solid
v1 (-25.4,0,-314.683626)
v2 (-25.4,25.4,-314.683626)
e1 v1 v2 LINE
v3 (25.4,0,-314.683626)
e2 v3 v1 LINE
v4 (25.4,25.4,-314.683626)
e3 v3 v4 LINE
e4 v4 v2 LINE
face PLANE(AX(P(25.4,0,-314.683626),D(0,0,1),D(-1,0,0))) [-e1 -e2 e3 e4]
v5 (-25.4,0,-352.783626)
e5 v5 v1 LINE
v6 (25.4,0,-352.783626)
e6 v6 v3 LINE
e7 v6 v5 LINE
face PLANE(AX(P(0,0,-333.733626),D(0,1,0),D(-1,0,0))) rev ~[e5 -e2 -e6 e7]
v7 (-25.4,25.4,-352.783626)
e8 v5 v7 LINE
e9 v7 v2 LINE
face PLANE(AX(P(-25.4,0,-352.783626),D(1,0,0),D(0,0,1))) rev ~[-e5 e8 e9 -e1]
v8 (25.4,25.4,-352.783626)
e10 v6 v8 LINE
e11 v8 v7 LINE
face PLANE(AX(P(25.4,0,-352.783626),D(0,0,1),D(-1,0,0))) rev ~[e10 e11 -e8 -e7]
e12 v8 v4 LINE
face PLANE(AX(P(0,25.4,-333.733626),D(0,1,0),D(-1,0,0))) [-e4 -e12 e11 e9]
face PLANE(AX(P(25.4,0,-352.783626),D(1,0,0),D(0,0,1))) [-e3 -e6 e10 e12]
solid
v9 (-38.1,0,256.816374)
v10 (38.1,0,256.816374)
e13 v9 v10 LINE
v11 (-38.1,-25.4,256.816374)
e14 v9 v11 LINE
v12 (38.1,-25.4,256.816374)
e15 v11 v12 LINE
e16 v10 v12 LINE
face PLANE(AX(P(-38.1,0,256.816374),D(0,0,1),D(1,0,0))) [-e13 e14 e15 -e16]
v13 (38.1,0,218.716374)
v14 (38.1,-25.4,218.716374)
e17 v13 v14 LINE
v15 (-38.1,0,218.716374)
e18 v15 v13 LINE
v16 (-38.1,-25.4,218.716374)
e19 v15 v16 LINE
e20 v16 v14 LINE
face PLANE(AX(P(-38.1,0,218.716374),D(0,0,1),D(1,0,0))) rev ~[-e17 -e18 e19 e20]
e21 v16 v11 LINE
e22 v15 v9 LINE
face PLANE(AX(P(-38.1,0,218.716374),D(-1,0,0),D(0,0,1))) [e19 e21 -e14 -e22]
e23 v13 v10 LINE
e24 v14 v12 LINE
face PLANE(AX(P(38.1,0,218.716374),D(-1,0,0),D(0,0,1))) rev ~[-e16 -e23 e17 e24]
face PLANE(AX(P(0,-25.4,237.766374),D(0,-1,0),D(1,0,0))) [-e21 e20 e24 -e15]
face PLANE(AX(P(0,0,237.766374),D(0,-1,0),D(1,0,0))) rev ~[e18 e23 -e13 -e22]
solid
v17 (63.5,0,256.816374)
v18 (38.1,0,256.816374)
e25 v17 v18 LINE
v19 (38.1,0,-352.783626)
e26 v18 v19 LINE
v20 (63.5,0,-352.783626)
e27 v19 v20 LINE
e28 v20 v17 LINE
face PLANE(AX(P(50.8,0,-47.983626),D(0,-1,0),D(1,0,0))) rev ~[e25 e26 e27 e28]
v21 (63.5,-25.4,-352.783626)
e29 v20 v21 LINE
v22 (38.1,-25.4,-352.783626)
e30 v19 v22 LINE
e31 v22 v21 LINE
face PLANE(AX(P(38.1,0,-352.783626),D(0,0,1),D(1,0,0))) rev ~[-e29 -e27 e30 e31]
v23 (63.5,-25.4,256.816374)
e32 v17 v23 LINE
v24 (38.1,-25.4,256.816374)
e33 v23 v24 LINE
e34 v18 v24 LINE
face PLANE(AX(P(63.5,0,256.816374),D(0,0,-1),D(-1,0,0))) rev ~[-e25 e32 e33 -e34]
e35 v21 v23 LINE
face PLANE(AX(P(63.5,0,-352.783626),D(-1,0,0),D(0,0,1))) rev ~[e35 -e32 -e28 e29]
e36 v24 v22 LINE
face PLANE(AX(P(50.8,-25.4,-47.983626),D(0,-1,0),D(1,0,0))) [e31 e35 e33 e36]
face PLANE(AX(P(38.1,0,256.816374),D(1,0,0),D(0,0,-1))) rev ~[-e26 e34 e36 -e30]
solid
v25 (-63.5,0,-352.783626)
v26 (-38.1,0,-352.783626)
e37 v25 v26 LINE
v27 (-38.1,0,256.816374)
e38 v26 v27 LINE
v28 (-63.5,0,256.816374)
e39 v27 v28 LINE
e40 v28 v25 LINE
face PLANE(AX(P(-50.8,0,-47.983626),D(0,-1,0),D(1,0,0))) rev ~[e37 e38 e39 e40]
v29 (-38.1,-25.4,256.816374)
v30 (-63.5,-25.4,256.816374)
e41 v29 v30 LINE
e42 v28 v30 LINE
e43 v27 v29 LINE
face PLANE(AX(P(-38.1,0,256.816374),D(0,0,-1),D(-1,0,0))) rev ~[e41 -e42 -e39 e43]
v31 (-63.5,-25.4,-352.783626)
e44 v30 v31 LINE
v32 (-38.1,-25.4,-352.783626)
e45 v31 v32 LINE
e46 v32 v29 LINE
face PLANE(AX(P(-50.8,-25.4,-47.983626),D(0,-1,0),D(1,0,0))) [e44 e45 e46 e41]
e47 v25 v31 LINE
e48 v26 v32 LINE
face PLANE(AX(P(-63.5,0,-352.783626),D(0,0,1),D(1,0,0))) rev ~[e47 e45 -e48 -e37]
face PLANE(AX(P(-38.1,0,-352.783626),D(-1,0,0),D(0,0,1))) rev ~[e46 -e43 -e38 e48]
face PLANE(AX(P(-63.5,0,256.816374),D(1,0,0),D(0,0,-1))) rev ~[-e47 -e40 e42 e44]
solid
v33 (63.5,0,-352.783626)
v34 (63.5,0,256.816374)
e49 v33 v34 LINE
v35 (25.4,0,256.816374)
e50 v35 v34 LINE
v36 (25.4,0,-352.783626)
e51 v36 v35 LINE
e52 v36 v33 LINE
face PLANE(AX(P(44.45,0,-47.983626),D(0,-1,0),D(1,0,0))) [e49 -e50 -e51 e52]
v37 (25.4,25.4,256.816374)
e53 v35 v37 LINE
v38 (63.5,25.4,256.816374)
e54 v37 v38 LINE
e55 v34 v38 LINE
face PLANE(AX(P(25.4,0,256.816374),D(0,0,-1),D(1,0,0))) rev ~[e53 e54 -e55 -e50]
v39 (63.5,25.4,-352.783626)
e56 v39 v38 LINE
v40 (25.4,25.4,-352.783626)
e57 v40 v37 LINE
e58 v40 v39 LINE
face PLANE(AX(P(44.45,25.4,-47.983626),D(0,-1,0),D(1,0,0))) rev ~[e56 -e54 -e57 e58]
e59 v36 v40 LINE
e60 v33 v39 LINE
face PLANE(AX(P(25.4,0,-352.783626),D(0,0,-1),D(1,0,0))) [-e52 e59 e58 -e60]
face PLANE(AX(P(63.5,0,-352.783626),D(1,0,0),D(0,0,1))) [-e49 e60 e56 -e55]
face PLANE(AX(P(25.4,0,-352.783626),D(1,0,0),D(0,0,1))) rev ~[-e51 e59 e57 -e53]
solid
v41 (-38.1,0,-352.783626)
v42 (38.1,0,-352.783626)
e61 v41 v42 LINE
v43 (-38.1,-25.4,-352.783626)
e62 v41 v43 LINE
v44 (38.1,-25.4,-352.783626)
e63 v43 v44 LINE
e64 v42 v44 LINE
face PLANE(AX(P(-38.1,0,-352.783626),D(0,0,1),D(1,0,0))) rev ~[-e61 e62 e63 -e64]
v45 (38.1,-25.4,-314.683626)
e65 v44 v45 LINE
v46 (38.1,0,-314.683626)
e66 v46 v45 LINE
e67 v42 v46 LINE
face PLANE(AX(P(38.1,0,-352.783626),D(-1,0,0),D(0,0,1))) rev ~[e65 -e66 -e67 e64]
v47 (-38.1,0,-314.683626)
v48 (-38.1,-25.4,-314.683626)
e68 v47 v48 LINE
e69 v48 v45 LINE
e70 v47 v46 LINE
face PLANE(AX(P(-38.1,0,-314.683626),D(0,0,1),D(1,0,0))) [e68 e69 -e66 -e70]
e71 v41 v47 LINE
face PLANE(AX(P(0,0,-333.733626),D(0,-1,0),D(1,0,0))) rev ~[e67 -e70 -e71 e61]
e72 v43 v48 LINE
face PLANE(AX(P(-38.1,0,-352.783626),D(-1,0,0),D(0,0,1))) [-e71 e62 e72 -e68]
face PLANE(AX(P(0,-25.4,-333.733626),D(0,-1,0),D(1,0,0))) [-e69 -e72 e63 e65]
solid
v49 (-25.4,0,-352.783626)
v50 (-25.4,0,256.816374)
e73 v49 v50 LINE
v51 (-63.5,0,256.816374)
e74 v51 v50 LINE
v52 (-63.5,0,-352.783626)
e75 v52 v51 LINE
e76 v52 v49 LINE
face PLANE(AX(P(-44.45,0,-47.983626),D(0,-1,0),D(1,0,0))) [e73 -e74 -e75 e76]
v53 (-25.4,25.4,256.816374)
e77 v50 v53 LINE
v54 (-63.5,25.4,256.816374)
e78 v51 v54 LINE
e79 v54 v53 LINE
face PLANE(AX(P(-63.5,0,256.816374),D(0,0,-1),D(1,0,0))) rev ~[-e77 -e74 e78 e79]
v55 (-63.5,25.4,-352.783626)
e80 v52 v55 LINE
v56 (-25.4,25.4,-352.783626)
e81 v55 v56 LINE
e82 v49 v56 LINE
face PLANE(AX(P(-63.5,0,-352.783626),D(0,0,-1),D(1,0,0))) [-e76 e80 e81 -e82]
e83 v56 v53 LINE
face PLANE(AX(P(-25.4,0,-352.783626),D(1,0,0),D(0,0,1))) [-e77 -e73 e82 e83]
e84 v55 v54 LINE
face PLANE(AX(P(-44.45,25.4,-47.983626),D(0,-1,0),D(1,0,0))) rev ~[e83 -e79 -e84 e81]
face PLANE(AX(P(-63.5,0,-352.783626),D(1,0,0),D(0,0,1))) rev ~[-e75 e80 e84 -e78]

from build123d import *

# Parameters (mm, degrees)
F0_W     = 38.1
F0_H     = 609.6
F1_DEPTH = 25.4
F3_DEPTH = 25.4
F2_W     = 76.2
F2_H     = 38.1
F4_DEPTH = 25.4
F5_W     = 50.8
F5_H     = 38.1
F6_DEPTH = 25.4


with BuildPart() as f1:
    # F0 (on Front) → F1 (new body)
    with BuildSketch(Plane.XZ):
        with Locations((44.45, -47.983626)):
            Rectangle(F0_W, F0_H)
        with Locations((-44.45, -47.983626)):
            Rectangle(F0_W, F0_H)
    extrude(amount=-F1_DEPTH)


with BuildPart() as f3:
    # F2 (on Front) → F3 (new body)
    with BuildSketch(Plane.XZ):
        Polygon((-38.1, 256.816374), (-63.5, 256.816374), (-63.5, -352.783626), (-38.1, -352.783626), (-38.1, -314.683626), (-38.1, 218.716374), align=None)
        Polygon((63.5, 256.816374), (38.1, 256.816374), (38.1, 218.716374), (38.1, -314.683626), (38.1, -352.783626), (63.5, -352.783626), align=None)
    extrude(amount=F3_DEPTH)


with BuildPart() as f4:
    # F2 (on Front) → F4 (new body)
    with BuildSketch(Plane.XZ):
        with Locations((0, 237.766374)):
            Rectangle(F2_W, F2_H)
        with Locations((0, -333.733626)):
            Rectangle(F2_W, F2_H)
    extrude(amount=F4_DEPTH)


with BuildPart() as f6:
    # F5 (on face) → F6 (new body)
    with BuildSketch(Plane(origin=(0, 0, 0), x_dir=(-1, 0, 0), z_dir=(0, 1, 0))):
        with Locations((0, -333.733626)):
            Rectangle(F5_W, F5_H)
    extrude(amount=F6_DEPTH)


solid = Compound([f1.part, f3.part, f4.part, f6.part])
